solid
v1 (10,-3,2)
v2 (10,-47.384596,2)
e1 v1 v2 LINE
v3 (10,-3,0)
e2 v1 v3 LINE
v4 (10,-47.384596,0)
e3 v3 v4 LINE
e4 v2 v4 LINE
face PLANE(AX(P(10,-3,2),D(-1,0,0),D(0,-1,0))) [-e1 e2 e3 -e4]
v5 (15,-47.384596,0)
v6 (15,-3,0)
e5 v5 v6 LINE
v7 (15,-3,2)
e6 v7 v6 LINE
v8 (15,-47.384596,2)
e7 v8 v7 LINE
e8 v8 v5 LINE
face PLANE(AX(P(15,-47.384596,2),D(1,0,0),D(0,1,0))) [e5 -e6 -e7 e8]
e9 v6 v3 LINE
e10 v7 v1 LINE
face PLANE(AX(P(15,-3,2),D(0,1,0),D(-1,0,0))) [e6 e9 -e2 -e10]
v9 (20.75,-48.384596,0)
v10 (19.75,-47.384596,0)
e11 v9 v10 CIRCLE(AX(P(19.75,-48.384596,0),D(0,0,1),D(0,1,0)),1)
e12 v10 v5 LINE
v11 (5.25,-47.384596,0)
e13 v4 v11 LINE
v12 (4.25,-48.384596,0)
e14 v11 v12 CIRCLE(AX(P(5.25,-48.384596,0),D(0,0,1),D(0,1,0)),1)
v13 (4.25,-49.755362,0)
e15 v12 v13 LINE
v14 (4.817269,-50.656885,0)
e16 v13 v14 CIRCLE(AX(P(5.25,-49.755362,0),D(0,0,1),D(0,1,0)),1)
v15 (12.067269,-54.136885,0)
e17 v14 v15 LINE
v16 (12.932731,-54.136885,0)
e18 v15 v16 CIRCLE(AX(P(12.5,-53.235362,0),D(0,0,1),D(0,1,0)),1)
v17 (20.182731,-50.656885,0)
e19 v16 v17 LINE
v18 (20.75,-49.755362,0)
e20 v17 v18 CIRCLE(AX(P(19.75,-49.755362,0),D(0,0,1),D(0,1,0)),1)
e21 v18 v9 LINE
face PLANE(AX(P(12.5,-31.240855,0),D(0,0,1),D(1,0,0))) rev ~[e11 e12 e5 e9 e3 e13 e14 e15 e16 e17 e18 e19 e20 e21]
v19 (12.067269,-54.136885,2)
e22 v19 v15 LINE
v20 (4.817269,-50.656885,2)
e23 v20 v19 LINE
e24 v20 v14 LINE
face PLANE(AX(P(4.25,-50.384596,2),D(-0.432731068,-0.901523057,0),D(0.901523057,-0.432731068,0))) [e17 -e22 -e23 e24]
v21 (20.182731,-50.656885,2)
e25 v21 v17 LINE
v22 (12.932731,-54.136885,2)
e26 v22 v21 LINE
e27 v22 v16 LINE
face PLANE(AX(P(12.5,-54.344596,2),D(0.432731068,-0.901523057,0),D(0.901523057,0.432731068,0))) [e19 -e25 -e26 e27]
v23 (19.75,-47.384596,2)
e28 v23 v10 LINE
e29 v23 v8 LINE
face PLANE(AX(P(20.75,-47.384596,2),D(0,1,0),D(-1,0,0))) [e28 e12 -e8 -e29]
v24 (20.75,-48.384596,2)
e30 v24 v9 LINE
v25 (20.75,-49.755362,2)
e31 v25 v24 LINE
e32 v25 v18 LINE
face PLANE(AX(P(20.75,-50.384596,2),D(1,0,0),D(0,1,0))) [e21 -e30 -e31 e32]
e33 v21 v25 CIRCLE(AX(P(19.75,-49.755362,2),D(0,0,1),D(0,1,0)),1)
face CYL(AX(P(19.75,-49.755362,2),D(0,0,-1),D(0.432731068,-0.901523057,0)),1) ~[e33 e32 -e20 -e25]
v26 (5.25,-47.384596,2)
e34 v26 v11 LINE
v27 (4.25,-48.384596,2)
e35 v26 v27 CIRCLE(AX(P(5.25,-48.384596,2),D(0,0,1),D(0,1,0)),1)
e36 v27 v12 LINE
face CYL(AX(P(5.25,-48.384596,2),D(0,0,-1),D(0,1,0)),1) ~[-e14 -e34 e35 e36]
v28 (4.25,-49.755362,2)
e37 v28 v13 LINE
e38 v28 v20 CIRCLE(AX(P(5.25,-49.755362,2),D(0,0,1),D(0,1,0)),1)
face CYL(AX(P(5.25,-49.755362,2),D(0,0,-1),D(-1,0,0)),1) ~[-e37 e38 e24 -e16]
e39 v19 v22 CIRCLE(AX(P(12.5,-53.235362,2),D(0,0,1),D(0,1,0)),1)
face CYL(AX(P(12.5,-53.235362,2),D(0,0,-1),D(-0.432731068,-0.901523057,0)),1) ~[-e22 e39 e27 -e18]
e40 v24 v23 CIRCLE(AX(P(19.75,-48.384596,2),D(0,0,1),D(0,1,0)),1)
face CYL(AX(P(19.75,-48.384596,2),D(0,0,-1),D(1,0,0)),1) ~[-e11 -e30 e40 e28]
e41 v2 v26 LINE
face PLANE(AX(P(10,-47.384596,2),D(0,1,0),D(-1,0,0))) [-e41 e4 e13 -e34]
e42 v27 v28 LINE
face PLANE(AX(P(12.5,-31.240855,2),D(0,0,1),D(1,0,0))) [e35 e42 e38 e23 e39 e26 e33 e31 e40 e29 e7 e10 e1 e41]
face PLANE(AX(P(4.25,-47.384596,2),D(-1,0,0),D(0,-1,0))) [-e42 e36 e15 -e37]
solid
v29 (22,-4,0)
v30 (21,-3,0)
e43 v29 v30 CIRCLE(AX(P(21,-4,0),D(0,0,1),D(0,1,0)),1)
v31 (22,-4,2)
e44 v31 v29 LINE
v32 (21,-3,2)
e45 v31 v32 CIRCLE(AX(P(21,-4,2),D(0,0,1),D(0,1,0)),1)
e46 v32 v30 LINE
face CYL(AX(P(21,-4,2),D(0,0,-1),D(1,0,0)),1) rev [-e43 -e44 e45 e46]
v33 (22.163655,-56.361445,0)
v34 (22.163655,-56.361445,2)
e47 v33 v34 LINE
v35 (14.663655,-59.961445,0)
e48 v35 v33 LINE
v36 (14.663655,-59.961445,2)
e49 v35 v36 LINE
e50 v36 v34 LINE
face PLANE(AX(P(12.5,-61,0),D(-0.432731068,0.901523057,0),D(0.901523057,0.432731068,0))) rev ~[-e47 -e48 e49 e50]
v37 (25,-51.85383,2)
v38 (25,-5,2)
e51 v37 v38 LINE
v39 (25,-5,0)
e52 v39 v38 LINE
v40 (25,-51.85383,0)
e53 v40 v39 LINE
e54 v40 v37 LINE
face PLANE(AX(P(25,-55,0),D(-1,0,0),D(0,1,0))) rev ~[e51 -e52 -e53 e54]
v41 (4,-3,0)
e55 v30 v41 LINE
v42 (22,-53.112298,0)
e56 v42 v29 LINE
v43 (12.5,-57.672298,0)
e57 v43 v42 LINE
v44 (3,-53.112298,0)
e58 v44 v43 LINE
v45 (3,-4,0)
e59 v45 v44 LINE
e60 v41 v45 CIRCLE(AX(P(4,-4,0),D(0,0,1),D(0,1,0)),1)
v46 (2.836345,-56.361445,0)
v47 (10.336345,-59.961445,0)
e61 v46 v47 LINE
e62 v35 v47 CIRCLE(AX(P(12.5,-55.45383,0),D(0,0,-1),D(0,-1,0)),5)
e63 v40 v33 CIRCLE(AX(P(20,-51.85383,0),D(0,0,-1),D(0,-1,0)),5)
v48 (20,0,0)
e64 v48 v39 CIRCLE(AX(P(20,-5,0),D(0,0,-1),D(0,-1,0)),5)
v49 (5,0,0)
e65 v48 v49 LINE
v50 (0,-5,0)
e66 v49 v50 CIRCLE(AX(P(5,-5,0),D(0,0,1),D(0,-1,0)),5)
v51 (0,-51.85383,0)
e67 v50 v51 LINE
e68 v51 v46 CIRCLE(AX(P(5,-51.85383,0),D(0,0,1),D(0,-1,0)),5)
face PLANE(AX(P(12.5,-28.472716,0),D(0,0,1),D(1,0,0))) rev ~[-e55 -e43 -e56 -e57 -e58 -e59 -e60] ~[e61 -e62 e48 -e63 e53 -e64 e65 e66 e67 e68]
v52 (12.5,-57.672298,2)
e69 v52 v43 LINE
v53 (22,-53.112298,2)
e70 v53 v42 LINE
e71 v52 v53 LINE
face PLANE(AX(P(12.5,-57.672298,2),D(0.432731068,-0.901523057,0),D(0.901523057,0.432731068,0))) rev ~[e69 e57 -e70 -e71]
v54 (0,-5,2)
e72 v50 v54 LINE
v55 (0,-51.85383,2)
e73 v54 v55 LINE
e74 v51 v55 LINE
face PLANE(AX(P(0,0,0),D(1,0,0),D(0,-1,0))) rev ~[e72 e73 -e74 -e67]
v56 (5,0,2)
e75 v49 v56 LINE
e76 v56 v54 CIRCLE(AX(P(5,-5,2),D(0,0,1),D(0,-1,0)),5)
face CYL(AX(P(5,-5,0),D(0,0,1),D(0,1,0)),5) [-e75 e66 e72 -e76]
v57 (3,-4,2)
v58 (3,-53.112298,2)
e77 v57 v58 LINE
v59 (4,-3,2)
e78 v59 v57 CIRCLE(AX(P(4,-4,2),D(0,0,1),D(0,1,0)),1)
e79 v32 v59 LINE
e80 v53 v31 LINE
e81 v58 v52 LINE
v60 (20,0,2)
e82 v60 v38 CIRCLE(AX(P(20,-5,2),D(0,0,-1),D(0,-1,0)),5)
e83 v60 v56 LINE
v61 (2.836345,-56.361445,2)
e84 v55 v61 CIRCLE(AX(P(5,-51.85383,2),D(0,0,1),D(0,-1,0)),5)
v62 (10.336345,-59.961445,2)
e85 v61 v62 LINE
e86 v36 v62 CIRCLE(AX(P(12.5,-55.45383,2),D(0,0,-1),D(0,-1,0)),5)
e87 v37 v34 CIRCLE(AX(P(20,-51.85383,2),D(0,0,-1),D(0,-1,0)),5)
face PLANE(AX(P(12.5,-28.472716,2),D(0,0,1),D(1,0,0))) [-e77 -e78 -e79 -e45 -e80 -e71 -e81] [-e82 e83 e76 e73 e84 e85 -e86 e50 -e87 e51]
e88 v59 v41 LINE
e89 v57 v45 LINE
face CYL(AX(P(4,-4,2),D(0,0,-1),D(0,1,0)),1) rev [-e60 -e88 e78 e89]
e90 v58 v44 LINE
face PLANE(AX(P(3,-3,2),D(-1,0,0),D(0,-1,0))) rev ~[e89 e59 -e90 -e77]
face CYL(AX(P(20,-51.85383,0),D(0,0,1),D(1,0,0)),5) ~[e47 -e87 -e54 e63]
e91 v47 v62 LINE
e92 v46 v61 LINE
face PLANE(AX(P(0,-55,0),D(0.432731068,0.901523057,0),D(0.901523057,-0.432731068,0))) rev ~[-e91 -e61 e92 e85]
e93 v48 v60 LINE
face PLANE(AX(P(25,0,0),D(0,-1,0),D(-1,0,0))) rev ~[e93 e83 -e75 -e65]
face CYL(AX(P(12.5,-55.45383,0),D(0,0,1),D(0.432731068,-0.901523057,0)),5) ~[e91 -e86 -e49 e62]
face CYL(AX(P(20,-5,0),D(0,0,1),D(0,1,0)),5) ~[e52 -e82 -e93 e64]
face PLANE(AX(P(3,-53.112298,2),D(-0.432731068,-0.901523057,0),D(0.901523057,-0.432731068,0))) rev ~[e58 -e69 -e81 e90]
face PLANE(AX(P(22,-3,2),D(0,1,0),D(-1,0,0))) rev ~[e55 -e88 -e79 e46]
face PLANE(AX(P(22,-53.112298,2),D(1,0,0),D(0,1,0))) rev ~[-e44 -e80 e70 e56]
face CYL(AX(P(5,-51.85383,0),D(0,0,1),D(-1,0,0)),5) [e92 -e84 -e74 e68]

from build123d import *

# Parameters (mm, degrees)
F1_DEPTH = 2
F3_DEPTH = 2.001
F5_DEPTH = 2
F6_R     = 5
F7_R     = 1
F7_2_R   = 1


with BuildPart() as f1:
    # F0 (on Top) → F1 (new body)
    with BuildSketch(Plane.XY):
        Polygon((25, 0), (0, 0), (0, -55), (12.5, -61), (25, -55), align=None)
    extrude(amount=F1_DEPTH)

    # F2 (on face) → F3 (cut, through all)
    with BuildSketch(Plane.XY.offset(2)):
        Polygon((22, -53.112298), (22, -3), (3, -3), (3, -53.112298), (12.5, -57.672298), align=None)
    extrude(amount=-F3_DEPTH, mode=Mode.SUBTRACT)

    # F6
    f6_edges = [f1.edges().sort_by_distance(p)[0] for p in [
        (0, 0, 1),
        (25, 0, 1),
        (25, -55, 1),
        (12.5, -61, 1),
        (0, -55, 1),
    ]]
    fillet(f6_edges, radius=F6_R)

    # F7
    f7_edges = [f1.edges().sort_by_distance(p)[0] for p in [
        (3, -3, 1),
        (22, -3, 1),
    ]]
    fillet(f7_edges, radius=F7_R)


with BuildPart() as f5:
    # F4 (on face) → F5 (new body, through all)
    with BuildSketch(Plane.XY.offset(2)):
        Polygon((15, -3), (10, -3), (10, -47.384596), (4.25, -47.384596), (4.25, -50.384596), (12.5, -54.344596), (20.75, -50.384596), (20.75, -47.384596), (15, -47.384596), align=None)
    extrude(amount=-F5_DEPTH)

    # F7#2
    f7_2_edges = [f5.edges().sort_by_distance(p)[0] for p in [
        (20.75, -47.384596, 1),
        (20.75, -50.384596, 1),
        (12.5, -54.344596, 1),
        (4.25, -50.384596, 1),
        (4.25, -47.384596, 1),
    ]]
    fillet(f7_2_edges, radius=F7_2_R)


solid = Compound([f1.part, f5.part])
